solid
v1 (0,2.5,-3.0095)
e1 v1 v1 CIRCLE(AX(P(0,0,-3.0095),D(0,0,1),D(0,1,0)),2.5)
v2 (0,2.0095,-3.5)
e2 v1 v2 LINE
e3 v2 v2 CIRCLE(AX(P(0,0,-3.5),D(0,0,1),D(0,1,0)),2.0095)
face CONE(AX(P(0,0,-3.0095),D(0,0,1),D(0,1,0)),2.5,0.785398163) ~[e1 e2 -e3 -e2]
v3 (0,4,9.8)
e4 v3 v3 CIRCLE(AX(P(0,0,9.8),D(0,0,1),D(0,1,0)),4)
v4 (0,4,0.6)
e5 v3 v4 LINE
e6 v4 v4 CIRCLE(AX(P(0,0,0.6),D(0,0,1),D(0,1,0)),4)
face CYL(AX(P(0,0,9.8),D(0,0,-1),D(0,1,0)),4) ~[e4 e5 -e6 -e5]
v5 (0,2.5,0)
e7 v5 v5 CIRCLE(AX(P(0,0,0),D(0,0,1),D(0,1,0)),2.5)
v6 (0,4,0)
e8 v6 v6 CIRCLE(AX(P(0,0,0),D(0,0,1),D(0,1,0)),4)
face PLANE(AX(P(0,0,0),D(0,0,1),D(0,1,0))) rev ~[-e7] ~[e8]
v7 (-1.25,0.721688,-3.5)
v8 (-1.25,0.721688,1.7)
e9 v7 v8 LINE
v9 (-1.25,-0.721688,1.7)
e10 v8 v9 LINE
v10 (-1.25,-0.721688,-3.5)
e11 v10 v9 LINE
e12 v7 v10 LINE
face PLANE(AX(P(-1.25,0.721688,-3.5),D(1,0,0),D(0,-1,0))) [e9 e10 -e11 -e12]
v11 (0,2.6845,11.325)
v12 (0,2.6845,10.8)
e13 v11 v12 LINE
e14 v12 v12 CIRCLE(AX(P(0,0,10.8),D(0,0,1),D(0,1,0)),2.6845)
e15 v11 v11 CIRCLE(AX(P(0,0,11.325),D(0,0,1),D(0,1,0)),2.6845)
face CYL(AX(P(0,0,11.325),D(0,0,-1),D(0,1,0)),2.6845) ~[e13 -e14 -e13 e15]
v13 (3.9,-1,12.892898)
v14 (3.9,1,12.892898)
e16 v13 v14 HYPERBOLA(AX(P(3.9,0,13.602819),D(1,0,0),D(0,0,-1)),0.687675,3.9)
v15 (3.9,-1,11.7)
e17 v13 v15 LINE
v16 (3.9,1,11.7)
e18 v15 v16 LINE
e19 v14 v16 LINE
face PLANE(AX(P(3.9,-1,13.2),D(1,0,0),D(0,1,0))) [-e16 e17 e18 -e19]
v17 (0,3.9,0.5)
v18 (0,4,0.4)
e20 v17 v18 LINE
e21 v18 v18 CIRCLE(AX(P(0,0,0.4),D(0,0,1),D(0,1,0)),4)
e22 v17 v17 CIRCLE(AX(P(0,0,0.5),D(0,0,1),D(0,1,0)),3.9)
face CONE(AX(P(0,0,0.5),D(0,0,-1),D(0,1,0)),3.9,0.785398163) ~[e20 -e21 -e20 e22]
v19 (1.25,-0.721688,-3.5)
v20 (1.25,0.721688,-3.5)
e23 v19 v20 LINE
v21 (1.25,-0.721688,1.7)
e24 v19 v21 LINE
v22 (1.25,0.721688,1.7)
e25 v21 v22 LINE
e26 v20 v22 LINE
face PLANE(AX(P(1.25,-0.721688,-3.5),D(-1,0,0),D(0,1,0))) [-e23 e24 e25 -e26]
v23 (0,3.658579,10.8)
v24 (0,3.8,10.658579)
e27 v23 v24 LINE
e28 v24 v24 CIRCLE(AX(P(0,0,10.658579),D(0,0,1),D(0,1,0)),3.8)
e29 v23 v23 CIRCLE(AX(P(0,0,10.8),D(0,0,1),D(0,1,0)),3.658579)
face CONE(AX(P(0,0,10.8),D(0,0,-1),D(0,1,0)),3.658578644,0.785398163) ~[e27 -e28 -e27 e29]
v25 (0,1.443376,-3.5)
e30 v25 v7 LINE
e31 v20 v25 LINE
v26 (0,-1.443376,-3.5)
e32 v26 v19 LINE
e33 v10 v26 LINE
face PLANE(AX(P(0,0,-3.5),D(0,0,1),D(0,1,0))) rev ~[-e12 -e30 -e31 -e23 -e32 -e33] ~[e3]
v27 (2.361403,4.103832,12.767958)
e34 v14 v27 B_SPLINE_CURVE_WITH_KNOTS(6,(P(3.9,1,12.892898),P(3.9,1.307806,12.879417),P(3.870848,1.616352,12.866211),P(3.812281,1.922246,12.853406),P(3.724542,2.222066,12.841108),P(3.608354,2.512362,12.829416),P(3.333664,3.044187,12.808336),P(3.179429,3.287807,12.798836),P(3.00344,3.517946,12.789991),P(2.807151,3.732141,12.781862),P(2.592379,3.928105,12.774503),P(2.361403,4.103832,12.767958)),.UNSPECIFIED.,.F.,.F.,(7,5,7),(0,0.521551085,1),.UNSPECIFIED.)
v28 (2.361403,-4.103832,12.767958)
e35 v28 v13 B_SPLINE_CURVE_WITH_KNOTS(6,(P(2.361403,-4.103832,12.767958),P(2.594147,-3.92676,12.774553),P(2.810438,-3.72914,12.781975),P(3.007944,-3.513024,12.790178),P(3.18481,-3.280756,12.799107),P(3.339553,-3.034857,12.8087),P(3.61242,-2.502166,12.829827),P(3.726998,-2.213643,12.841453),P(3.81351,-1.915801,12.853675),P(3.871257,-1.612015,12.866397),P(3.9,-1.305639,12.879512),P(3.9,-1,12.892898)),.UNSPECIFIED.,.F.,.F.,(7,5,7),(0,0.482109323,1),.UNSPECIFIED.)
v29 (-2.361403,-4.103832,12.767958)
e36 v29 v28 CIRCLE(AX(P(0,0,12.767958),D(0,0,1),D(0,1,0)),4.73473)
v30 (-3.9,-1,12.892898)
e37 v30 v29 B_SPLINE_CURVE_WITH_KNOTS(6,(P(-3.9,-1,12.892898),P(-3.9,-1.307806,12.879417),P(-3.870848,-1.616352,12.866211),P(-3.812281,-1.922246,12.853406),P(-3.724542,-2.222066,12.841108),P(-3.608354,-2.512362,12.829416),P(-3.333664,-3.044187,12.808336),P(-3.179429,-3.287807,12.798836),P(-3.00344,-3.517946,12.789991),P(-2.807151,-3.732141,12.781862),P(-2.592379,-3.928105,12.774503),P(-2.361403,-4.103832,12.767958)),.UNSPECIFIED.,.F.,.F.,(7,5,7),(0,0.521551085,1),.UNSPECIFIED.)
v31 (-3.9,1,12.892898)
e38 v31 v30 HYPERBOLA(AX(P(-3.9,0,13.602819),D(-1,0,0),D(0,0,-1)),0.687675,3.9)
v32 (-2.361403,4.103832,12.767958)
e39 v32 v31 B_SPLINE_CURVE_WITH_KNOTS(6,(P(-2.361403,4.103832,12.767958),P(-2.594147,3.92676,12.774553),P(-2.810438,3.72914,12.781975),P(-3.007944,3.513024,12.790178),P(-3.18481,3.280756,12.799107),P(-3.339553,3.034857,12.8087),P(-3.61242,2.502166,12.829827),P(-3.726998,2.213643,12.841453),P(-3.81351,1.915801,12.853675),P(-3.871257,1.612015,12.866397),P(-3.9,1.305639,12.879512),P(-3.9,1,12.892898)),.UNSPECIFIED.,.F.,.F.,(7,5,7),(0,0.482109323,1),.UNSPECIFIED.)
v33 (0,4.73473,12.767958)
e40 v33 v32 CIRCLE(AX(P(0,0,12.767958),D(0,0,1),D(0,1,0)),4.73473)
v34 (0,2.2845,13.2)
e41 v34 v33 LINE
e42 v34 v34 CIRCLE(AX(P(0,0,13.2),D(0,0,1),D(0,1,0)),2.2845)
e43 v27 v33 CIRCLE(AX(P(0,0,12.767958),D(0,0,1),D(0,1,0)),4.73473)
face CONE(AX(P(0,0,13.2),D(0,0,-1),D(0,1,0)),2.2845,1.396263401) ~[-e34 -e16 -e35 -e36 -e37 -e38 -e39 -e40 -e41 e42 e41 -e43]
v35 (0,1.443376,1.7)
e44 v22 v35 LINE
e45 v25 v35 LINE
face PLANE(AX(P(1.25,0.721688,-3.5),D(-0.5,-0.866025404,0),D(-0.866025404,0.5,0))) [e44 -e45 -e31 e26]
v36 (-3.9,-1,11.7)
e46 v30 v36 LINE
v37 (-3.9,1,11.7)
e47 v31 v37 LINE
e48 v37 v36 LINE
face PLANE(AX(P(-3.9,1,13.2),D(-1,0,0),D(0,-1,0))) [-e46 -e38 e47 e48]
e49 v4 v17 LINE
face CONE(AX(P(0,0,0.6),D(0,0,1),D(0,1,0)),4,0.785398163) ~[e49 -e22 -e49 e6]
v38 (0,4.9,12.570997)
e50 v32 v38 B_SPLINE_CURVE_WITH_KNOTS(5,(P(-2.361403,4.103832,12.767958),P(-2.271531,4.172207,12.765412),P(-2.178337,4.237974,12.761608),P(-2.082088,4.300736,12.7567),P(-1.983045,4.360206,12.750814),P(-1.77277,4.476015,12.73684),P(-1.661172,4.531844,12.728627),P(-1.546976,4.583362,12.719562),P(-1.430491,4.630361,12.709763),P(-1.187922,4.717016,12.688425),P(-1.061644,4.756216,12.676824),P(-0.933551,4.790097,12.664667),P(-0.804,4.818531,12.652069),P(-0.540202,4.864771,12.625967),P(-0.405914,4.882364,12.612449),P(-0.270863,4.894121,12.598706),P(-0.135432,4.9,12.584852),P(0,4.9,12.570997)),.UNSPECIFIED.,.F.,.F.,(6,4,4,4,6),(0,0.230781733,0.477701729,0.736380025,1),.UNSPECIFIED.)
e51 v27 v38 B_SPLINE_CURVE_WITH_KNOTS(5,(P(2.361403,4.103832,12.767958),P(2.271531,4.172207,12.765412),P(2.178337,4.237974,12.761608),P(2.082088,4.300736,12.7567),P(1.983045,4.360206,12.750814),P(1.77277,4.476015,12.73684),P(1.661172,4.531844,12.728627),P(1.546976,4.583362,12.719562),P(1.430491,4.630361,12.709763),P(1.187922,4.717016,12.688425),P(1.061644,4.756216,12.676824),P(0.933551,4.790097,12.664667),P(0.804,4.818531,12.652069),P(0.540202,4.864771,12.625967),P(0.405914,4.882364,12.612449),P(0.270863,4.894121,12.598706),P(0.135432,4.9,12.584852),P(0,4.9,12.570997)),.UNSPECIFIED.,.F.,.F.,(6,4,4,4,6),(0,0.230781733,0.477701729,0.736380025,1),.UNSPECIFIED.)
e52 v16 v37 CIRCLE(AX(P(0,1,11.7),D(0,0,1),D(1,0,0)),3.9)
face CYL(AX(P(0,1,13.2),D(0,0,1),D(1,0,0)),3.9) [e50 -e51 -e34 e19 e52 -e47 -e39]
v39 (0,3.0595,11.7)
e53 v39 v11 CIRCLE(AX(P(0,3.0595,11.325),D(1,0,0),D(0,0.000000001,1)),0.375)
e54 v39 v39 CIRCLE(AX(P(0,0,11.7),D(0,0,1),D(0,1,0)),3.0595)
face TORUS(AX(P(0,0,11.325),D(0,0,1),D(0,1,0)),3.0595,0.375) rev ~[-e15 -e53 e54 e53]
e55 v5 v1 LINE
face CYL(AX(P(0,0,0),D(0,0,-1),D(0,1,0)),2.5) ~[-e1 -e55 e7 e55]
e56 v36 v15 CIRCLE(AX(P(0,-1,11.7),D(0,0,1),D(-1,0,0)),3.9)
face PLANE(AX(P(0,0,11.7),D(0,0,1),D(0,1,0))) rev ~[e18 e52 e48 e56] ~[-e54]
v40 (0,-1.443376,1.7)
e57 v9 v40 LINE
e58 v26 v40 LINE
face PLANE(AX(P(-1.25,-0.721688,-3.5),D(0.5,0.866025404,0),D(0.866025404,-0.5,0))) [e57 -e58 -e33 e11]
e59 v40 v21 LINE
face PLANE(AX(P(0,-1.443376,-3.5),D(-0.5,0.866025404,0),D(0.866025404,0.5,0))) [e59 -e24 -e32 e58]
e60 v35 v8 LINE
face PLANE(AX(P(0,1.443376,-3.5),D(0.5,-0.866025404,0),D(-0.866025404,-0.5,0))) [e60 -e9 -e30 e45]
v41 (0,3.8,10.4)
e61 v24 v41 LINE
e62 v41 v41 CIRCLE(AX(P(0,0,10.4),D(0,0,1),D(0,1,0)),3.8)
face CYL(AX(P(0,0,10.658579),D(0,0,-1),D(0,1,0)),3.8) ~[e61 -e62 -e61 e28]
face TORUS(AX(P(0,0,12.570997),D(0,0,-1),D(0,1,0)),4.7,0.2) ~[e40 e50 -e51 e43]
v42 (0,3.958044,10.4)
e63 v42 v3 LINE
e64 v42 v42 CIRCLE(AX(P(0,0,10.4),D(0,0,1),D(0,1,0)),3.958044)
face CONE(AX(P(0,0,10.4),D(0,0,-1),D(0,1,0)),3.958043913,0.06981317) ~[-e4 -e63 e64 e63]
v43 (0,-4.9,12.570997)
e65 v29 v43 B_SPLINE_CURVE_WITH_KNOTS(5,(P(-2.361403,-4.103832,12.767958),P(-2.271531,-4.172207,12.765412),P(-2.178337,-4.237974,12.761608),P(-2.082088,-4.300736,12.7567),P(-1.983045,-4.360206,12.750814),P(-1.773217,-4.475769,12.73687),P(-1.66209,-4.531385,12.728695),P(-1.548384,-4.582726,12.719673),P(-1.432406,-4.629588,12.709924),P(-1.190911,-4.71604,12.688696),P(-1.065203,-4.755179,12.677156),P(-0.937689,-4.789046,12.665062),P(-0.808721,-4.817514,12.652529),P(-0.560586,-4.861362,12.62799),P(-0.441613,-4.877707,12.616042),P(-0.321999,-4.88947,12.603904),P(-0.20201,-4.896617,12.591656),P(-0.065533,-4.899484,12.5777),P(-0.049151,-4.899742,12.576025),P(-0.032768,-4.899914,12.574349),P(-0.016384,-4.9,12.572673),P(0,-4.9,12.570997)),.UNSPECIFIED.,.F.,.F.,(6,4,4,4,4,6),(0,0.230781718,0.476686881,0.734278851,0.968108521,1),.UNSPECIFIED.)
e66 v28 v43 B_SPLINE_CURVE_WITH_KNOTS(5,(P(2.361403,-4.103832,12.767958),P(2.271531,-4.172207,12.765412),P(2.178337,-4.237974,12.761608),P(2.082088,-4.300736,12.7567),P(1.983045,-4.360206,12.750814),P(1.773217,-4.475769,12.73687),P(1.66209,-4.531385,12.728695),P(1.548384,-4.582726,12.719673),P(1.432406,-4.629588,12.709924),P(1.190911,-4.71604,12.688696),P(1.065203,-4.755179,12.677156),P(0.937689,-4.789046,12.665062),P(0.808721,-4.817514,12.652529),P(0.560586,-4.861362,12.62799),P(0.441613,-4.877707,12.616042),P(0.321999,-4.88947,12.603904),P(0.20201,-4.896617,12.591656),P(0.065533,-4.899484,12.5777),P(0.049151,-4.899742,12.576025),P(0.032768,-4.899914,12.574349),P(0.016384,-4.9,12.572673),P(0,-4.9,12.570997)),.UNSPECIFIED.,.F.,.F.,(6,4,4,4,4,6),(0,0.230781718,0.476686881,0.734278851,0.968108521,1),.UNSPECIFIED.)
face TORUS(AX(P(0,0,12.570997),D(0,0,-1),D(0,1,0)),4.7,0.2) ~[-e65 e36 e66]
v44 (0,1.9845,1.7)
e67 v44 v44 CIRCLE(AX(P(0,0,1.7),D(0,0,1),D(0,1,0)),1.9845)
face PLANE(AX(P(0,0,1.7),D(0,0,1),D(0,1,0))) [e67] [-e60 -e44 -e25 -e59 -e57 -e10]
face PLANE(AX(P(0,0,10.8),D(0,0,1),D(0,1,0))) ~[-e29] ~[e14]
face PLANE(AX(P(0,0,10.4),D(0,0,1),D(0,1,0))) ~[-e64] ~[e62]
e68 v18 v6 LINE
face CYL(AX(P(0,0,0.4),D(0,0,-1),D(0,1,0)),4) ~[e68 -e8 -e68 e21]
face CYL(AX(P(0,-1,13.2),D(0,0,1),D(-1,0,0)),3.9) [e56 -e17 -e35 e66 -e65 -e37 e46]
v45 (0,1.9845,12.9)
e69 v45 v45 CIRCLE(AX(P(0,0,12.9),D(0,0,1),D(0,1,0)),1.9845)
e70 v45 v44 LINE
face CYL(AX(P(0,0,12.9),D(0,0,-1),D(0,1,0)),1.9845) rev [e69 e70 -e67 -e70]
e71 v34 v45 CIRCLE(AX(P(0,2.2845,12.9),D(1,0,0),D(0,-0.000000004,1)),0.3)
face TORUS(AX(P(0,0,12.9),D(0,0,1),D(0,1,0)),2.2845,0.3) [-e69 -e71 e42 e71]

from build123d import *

# Parameters (mm, degrees)
SKETCH2_W          = 19.6
SKETCH2_H          = 19.6
CUT_EXTRUDE1_DEPTH = 1.5
CUT_EXTRUDE2_DEPTH = 5.2


with BuildPart() as part:
    # Sketch1 → Revolve1 (revolve)
    with BuildSketch(Plane(origin=(0, 0, 0), x_dir=(0, 0, -1), z_dir=(1, 0, 0))):
        with BuildLine():
            Line((-13.2, 0), (-13.2, 2.2845))
            Line((-13.2, 2.2845), (-12.767958406, 4.734729636))
            ThreePointArc((-12.767958406, 4.734729636), (-12.699554378, 4.853208889), (-12.570996856, 4.9))
            Line((-12.570996856, 4.9), (-11.7, 4.9))
            Line((-11.7, 4.9), (-11.7, 3.0595))
            ThreePointArc((-11.7, 3.0595), (-11.590165043, 2.794334957), (-11.325, 2.6845))
            Line((-11.325, 2.6845), (-10.8, 2.6845))
            Line((-10.8, 2.6845), (-10.8, 3.658578644))
            Line((-10.8, 3.658578644), (-10.658578644, 3.8))
            Line((-10.658578644, 3.8), (-10.4, 3.8))
            Line((-10.4, 3.8), (-10.4, 3.958043913))
            Line((-10.4, 3.958043913), (-9.8, 4))
            Line((-9.8, 4), (-0.6, 4))
            Line((-0.6, 4), (-0.5, 3.9))
            Line((-0.5, 3.9), (-0.4, 4))
            Line((-0.4, 4), (0, 4))
            Line((0, 4), (0, 2.5))
            Line((0, 2.5), (3.0095, 2.5))
            Line((3.0095, 2.5), (3.5, 2.0095))
            Line((3.5, 2.0095), (3.5, 0))
            Line((3.5, 0), (-13.2, 0))
        make_face()
    revolve(axis=Axis((0, 0, -3.5), (0, 0, 1)))

    # Sketch2 → Cut-Extrude1 (cut)
    with BuildSketch(Plane.XY.offset(13.2)):
        Rectangle(SKETCH2_W, SKETCH2_H)
        with BuildLine():
            Line((-3.9, 1), (-3.9, -1))
            ThreePointArc((-3.9, -1), (0, -4.9), (3.9, -1))
            Line((3.9, -1), (3.9, 1))
            ThreePointArc((3.9, 1), (0, 4.9), (-3.9, 1))
        make_face(mode=Mode.SUBTRACT)
    extrude(amount=-CUT_EXTRUDE1_DEPTH, mode=Mode.SUBTRACT)

    # Sketch3 → Cut-Extrude2 (cut)
    with BuildSketch(Plane.XY.offset(-3.5)):
        Polygon((-1.25, -0.721687836), (0, -1.443375673), (1.25, -0.721687836), (1.25, 0.721687836), (0, 1.443375673), (-1.25, 0.721687836), align=None)
    extrude(amount=CUT_EXTRUDE2_DEPTH, mode=Mode.SUBTRACT)

    # Sketch4 → Cut-Revolve1 (revolve, cut)
    with BuildSketch(Plane(origin=(0, 0, 0), x_dir=(0, 0, -1), z_dir=(1, 0, 0))):
        with BuildLine():
            Line((-13.2, 0), (-13.2, 2.2845))
            ThreePointArc((-13.2, 2.2845), (-13.112132034, 2.072367966), (-12.9, 1.9845))
            Line((-12.9, 1.9845), (-1.7, 1.9845))
            Line((-1.7, 1.9845), (-1.7, 0))
            Line((-1.7, 0), (-13.2, 0))
        make_face()
    revolve(axis=Axis((0, 0, 1.7), (0, 0, 1)), mode=Mode.SUBTRACT)


solid = part.part
